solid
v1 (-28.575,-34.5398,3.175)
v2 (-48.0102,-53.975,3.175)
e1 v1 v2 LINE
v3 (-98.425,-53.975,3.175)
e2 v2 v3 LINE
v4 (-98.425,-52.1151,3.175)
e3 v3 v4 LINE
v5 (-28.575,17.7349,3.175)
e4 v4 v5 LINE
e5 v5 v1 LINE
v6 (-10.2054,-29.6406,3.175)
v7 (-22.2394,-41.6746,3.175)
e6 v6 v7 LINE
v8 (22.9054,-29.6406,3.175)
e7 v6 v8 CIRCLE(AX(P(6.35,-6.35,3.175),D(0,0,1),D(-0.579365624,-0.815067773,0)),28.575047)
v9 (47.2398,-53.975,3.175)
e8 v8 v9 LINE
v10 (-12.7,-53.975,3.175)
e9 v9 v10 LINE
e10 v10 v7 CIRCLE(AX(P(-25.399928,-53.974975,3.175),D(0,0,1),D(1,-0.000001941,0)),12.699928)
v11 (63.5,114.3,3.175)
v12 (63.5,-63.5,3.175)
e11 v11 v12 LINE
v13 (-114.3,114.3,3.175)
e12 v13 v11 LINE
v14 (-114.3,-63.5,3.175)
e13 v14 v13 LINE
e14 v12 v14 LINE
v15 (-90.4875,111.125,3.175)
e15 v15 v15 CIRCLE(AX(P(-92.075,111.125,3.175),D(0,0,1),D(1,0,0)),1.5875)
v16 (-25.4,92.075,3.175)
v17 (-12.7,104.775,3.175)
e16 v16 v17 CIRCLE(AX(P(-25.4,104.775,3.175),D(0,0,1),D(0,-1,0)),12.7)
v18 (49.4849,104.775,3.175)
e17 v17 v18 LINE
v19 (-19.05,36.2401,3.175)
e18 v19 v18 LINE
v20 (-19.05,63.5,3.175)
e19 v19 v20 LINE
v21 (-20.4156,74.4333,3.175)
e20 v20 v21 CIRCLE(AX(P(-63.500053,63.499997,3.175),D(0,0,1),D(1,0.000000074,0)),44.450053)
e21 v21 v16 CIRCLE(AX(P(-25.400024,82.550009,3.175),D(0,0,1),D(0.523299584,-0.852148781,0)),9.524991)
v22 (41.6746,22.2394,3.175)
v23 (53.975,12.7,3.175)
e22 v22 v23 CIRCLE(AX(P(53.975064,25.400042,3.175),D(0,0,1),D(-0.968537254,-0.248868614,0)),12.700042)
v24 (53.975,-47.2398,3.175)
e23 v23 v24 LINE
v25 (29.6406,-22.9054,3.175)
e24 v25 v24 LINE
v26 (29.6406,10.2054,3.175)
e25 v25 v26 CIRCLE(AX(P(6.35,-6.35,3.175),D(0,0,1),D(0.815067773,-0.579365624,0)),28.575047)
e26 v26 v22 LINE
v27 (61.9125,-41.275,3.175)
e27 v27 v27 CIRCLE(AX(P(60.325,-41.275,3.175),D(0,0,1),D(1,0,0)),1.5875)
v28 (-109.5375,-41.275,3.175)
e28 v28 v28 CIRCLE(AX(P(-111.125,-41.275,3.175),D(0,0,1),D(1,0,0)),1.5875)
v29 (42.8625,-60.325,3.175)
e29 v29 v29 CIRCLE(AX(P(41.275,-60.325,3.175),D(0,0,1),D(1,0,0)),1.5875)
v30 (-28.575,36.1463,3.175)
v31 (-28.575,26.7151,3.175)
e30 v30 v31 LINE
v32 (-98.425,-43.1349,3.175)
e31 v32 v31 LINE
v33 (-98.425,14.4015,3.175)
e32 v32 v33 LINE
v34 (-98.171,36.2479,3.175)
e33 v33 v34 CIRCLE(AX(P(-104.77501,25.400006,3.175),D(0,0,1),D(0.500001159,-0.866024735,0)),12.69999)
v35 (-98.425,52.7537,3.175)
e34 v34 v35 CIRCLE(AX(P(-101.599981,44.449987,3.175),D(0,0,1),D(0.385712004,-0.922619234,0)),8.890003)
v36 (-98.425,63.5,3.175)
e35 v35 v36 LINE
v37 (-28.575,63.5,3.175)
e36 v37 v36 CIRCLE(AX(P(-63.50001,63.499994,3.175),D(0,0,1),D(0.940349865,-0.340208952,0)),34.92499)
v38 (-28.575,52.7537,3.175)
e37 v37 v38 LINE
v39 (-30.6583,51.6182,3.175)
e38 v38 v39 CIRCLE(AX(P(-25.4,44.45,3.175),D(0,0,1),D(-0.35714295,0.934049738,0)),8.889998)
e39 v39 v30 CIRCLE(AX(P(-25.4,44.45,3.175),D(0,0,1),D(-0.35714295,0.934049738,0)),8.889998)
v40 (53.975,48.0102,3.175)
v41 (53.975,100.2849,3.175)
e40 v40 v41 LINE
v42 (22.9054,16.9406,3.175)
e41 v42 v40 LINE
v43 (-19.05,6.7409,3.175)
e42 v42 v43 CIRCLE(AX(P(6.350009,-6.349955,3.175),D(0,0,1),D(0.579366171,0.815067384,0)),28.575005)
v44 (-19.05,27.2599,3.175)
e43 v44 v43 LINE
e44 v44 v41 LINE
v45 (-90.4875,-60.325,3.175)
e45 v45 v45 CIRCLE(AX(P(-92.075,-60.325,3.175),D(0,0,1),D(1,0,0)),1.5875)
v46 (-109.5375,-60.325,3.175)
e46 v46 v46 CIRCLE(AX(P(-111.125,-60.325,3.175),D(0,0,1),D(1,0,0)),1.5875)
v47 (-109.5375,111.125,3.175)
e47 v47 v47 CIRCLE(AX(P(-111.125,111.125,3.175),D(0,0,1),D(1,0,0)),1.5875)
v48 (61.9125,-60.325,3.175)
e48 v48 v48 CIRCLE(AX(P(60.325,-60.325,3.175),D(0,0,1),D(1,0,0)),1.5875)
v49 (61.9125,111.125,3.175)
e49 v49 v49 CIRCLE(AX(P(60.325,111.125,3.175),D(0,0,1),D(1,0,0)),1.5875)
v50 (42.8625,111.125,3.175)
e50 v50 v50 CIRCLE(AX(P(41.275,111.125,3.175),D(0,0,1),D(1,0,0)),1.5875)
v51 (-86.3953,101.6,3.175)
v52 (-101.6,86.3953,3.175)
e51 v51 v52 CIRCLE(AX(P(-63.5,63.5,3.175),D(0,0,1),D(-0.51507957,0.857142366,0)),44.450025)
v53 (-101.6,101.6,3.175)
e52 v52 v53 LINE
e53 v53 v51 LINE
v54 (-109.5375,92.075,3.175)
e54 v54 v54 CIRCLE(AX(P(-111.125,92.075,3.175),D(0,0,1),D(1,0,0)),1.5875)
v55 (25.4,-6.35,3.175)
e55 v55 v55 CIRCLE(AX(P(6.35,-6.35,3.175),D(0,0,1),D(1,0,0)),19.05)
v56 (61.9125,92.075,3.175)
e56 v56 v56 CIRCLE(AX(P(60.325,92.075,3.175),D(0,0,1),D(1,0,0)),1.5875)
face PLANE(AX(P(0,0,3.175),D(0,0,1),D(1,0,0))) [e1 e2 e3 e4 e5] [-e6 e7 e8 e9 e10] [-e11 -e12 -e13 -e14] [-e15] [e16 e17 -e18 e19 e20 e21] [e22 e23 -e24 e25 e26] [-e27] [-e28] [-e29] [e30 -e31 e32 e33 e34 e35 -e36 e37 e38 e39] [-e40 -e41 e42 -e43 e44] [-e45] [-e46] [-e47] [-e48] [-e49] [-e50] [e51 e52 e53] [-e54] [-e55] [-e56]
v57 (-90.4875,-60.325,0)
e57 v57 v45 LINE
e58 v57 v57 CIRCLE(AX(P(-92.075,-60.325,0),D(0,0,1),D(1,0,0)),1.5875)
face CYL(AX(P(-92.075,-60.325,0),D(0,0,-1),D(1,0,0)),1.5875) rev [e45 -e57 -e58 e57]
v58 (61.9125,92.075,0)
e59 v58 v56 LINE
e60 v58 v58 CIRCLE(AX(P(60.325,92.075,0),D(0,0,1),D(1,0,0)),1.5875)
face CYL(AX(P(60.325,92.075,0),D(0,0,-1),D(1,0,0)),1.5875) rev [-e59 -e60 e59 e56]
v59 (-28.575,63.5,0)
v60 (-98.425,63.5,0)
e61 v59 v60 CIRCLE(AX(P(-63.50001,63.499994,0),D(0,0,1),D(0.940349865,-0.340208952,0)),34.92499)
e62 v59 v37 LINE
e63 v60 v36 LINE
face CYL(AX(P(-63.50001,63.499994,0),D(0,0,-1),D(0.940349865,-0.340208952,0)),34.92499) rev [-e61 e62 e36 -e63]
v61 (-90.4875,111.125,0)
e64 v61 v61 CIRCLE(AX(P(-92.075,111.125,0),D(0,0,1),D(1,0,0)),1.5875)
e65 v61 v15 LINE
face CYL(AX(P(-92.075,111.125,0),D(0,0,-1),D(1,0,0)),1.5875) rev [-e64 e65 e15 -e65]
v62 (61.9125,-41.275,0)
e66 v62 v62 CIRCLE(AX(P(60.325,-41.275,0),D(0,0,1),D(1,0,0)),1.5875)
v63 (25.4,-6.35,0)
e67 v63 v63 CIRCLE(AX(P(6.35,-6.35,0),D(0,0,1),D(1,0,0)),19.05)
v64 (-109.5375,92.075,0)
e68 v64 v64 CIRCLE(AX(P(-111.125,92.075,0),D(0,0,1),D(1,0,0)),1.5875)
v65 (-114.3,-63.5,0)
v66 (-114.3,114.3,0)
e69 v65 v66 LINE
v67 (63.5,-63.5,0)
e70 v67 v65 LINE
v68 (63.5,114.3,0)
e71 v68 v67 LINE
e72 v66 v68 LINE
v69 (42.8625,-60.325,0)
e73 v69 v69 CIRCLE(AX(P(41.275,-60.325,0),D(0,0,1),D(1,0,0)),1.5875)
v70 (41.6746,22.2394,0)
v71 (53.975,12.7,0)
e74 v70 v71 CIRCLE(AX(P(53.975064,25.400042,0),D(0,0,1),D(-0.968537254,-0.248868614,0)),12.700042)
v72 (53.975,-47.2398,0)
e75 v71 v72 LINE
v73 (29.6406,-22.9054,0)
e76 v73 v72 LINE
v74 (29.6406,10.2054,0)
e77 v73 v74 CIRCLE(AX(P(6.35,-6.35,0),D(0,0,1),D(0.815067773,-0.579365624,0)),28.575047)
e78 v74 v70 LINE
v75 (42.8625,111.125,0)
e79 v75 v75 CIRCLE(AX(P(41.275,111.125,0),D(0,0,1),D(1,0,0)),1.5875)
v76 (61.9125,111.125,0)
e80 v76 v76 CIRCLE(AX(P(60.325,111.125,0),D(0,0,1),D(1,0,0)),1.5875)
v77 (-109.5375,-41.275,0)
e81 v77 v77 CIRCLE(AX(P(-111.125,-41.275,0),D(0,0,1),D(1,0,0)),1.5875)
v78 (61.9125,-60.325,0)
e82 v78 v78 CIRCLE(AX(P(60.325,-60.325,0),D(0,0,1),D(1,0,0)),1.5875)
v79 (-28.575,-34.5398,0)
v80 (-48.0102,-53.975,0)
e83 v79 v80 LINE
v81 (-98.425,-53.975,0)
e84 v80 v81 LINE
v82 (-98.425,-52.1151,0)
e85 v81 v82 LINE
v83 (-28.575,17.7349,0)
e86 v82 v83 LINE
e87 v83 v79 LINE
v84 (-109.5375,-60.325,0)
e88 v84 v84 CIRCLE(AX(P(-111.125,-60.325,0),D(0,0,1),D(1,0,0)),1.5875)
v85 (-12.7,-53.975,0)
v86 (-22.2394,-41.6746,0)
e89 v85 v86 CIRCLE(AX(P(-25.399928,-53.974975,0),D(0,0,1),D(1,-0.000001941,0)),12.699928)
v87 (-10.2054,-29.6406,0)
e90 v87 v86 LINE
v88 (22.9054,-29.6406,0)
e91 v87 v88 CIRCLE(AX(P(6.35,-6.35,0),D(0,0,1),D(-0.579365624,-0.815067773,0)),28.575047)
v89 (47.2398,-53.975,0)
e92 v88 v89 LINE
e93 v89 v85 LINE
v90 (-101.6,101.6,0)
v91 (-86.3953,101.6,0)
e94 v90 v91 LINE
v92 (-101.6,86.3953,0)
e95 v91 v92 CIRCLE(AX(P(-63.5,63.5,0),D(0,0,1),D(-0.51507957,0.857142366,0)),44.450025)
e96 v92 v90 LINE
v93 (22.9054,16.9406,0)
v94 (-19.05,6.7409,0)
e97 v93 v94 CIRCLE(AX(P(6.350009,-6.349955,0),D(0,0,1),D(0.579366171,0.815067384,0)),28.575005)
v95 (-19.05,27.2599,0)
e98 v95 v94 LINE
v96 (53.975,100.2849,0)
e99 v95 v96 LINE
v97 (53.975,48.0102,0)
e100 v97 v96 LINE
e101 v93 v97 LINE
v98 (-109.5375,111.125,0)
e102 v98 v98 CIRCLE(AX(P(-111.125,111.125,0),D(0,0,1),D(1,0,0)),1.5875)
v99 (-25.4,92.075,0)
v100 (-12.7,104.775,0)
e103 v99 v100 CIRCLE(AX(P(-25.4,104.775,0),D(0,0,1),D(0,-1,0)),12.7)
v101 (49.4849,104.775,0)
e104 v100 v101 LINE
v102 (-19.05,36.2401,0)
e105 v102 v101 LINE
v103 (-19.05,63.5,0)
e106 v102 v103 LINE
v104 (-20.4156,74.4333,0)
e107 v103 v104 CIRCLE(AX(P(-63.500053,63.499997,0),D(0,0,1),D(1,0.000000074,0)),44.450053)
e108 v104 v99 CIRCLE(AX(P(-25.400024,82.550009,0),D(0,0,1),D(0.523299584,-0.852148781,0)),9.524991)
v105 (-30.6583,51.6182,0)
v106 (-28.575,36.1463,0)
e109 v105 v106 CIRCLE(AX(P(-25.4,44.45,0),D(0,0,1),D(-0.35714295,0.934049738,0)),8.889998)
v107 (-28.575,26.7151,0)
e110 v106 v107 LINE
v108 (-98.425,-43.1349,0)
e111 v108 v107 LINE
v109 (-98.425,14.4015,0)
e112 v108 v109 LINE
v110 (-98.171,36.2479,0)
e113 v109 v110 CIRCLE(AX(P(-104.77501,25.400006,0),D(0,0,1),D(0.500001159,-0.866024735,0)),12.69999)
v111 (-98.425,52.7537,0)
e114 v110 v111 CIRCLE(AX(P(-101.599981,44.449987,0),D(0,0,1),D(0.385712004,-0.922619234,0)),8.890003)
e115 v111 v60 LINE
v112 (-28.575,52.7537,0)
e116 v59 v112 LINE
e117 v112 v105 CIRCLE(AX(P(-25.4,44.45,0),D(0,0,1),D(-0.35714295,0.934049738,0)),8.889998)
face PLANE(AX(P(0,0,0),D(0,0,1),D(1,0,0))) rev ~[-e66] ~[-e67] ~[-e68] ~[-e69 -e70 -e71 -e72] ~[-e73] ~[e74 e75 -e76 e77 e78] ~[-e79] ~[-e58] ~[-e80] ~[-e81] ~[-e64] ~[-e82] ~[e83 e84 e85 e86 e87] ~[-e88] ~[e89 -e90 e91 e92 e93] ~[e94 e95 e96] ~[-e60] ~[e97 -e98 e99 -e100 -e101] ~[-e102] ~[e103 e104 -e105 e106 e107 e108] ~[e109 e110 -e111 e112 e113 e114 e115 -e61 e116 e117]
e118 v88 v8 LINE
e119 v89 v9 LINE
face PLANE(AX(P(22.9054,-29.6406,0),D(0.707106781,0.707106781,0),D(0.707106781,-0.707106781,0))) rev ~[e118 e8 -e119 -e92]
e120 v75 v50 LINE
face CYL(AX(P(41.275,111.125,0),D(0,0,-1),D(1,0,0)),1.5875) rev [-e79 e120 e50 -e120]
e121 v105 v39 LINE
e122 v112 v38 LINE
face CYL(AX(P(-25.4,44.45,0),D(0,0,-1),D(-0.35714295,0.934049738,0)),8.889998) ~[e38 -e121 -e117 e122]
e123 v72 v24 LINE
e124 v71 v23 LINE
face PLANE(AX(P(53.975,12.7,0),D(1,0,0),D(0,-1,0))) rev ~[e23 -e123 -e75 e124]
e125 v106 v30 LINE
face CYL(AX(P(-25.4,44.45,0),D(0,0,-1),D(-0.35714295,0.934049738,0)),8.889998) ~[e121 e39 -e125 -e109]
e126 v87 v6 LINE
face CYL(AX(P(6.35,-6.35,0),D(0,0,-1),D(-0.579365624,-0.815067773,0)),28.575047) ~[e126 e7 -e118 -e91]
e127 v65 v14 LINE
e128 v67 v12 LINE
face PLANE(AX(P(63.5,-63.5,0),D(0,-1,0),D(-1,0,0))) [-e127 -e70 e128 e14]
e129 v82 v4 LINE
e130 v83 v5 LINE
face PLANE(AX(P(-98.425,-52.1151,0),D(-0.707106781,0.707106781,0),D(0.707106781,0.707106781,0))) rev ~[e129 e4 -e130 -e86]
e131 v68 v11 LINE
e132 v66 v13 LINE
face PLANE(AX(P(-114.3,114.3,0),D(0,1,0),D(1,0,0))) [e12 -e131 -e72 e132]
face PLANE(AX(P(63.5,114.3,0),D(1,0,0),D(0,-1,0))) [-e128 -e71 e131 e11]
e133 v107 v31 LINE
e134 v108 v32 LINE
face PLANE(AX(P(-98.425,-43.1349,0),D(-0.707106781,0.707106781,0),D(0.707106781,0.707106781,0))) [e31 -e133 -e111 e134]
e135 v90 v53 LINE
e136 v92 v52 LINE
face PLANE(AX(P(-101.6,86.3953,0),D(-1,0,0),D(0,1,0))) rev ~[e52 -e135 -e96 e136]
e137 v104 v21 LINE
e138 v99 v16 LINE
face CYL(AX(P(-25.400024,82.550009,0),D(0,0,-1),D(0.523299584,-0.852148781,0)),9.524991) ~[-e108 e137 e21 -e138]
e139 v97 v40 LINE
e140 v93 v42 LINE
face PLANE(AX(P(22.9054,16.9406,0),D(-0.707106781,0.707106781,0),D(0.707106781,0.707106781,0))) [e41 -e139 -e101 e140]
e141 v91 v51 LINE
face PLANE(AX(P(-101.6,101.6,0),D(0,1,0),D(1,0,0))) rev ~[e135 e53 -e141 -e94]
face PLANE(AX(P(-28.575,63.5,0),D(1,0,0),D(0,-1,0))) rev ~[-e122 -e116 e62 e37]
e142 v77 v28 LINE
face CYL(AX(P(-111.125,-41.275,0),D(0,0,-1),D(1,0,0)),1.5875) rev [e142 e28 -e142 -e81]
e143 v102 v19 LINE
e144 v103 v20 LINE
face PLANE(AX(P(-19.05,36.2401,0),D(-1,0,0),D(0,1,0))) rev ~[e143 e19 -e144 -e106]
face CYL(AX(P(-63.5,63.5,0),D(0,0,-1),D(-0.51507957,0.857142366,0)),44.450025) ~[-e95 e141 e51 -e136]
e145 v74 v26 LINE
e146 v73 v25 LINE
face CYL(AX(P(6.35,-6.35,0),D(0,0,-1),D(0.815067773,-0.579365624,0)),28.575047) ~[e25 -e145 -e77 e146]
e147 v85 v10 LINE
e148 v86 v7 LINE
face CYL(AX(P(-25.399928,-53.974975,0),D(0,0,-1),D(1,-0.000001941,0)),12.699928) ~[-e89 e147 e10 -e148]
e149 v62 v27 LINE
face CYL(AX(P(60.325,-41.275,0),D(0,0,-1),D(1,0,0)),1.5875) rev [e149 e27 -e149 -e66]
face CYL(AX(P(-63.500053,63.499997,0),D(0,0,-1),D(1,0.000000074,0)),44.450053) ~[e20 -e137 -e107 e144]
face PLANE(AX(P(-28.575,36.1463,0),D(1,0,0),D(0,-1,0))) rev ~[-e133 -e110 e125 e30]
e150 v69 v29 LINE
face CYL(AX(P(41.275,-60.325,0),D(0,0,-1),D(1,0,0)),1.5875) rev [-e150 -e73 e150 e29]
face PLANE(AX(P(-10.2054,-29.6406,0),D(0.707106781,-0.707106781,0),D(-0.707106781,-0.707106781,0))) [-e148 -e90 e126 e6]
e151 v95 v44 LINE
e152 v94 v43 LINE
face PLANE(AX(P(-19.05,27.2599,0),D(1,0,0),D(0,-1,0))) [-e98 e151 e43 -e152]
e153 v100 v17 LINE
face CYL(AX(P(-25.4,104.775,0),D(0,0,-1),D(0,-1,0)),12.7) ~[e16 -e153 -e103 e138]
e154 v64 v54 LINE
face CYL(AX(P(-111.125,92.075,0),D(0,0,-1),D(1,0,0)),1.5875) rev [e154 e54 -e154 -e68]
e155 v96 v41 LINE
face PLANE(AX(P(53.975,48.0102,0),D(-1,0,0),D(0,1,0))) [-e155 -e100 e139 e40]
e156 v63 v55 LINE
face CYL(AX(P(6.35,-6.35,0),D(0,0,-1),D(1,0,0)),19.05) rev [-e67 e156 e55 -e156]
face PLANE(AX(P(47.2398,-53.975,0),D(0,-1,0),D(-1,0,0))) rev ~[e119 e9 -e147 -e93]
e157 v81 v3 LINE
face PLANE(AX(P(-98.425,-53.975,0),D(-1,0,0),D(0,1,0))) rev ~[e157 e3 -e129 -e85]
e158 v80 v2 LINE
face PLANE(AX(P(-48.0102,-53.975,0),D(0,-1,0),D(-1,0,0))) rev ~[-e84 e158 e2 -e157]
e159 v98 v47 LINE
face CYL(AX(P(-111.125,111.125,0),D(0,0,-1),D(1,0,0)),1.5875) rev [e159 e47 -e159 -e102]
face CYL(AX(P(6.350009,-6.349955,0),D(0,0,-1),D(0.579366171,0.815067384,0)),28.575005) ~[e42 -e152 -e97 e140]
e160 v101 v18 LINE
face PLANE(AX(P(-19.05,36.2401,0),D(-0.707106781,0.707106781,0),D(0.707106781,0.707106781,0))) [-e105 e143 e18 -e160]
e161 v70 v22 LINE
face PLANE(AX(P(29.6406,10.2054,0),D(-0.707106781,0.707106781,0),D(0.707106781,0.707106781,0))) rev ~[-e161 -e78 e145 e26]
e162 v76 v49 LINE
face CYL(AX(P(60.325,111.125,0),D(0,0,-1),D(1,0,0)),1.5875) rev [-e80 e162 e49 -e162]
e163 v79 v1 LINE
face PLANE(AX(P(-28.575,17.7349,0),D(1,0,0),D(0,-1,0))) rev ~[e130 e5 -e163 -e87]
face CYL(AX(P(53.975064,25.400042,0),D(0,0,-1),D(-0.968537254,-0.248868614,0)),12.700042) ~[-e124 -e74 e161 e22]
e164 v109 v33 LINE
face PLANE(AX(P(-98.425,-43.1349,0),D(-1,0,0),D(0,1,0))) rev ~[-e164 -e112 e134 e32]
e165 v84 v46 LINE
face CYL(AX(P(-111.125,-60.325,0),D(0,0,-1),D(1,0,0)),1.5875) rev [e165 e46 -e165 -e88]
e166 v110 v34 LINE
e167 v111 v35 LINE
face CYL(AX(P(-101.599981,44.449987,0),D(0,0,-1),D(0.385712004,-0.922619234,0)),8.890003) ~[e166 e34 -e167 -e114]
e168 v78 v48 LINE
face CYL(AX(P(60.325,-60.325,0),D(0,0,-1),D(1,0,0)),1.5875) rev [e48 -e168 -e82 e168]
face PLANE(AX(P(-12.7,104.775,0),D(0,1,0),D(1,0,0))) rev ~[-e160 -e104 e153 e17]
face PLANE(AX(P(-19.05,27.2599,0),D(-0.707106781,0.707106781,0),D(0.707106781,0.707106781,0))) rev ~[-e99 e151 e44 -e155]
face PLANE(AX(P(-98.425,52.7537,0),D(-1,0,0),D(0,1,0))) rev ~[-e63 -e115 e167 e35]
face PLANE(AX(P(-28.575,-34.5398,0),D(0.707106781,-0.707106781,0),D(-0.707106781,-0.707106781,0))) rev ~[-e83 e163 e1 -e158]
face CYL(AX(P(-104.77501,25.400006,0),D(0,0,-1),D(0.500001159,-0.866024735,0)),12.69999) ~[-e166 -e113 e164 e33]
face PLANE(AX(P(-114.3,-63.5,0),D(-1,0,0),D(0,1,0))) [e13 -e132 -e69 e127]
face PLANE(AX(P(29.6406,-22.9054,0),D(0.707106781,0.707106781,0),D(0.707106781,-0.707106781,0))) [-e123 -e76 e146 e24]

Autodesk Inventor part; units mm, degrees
ref_plane "YZ Plane" through (0, 0, 0) normal (1, 0, 0) x (0, 1, 0)
ref_plane "XZ Plane" through (0, 0, 0) normal (0, 1, 0) x (-1, 0, 0)
ref_plane "XY Plane" through (0, 0, 0) normal (0, 0, 1) x (1, 0, 0)
sketch "Sketch1" plane through (0, 0, 0) normal (0, 0, 1) x (1, 0, 0)
  line L0 (-114.3, 114.3) -> (63.5, 114.3)
  line L1 (63.5, 114.3) -> (63.5, -63.5)
  line L2 (63.5, -63.5) -> (-114.3, -63.5)
  line L3 (-114.3, -63.5) -> (-114.3, 114.3)
  circle A0 centre (6.35, -6.35) radius 19.05
  circle A1 centre (41.275, 111.125) radius 1.5875
  circle A2 centre (60.325, -41.275) radius 1.5875
  circle A3 centre (-92.075, -60.325) radius 1.5875
  circle A4 centre (-111.125, 92.075) radius 1.5875
  circle A5 centre (-111.125, 111.125) radius 1.5875
  circle A6 centre (-92.075, 111.125) radius 1.5875
  circle A7 centre (60.325, 92.075) radius 1.5875
  circle A8 centre (60.325, -60.325) radius 1.5875
  circle A9 centre (41.275, -60.325) radius 1.5875
  circle A10 centre (-111.125, -60.325) radius 1.5875
  circle A11 centre (-111.125, -41.275) radius 1.5875
  circle A12 centre (60.325, 111.125) radius 1.5875
  arc A13 (-92.7105, 44.3557) -> (-34.2895, 44.3557) centre (-63.5, 63.5) ccw construction
  line L4 (-98.425, 63.5) -> (-28.575, 63.5)
  line L5 (-28.575, 63.5) -> (-28.575, 52.7537)
  line L6 (-98.425, -53.975) -> (-98.425, -52.1151)
  line L7 (53.975, -53.975) -> (6.35, -6.35) construction
  line L8 (22.9054, -29.6406) -> (47.2398, -53.975)
  line L9 (47.2398, -53.975) -> (-12.7, -53.975)
  line L10 (6.35, -6.35) -> (40.026, 27.326) construction
  line L11 (29.6406, 10.2054) -> (41.6746, 22.2394)
  arc A14 (29.6406, -22.9054) -> (29.6406, 10.2054) centre (6.35, -6.35) ccw
  line L12 (29.6406, -22.9054) -> (53.975, -47.2398)
  line L13 (-19.05, 27.2599) -> (-19.05, 6.7409)
  arc A15 (22.9054, 16.9406) -> (-19.05, 6.7409) centre (6.35, -6.35) ccw
  line L14 (-101.6, 101.6) -> (-86.3953, 101.6)
  line L15 (-101.6, 86.3953) -> (-101.6, 101.6)
  arc A16 (-86.3953, 101.6) -> (-101.6, 86.3953) centre (-63.5, 63.5) ccw
  arc A17 (-19.05, 63.5) -> (-20.4156, 74.4333) centre (-63.5, 63.5) ccw
  line L16 (-19.05, 36.2401) -> (-19.05, 63.5)
  arc A18 (-20.4156, 74.4333) -> (-25.4, 92.075) centre (-25.4, 82.55) ccw
  arc A19 (-28.575, 52.7537) -> (-28.575, 36.1463) centre (-25.4, 44.45) ccw
  line L17 (-28.575, 36.1463) -> (-28.575, 26.7151)
  line L18 (-98.425, 52.7537) -> (-98.425, 63.5)
  arc A20 (-30.6583, 51.6182) -> (-98.425, 63.5) centre (-63.5, 63.5) ccw
  line L19 (6.35, -6.35) -> (-25.0809, -37.7809) construction
  line L20 (-10.2054, -29.6406) -> (-22.2394, -41.6746)
  arc A21 (-10.2054, -29.6406) -> (22.9054, -29.6406) centre (6.35, -6.35) ccw
  line L21 (-28.575, -34.5398) -> (-48.0102, -53.975)
  line L22 (-48.0102, -53.975) -> (-98.425, -53.975)
  line L23 (-25.0809, -37.7809) -> (-43.0414, -55.7414) construction
  line L24 (40.026, 27.326) -> (57.9865, 45.2865)
  line L25 (57.9865, 45.2865) -> (53.975, 41.275)
  arc A22 (-12.7, -53.975) -> (-22.2394, -41.6746) centre (-25.4, -53.975) ccw
  arc A23 (41.6746, 22.2394) -> (53.975, 12.7) centre (53.975, 25.4) ccw
  line L26 (53.975, 12.7) -> (53.975, -47.2398)
  arc A24 (-98.425, 14.4015) -> (-98.171, 36.2479) centre (-104.775, 25.4) ccw
  arc A25 (-98.171, 36.2479) -> (-98.425, 52.7537) centre (-101.6, 44.45) ccw
  line L27 (53.975, 48.0102) -> (53.975, 100.2849)
  line L28 (-12.7, 104.775) -> (49.4849, 104.775)
  arc A26 (-98.425, 63.5) -> (-96.3417, 51.6182) centre (-63.5, 63.5) ccw construction
  arc A27 (-25.4, 92.075) -> (-12.7, 104.775) centre (-25.4, 104.775) ccw
  line L29 (-114.3, -63.5) -> (63.5, 114.3) construction
  line L30 (-98.425, -43.1349) -> (-28.575, 26.7151)
  line L31 (-98.425, -52.1151) -> (-28.575, 17.7349)
  line L32 (22.9054, 16.9406) -> (53.975, 48.0102)
  line L33 (-19.05, 36.2401) -> (49.4849, 104.775)
  line L34 (-19.05, 27.2599) -> (53.975, 100.2849)
  line L35 (-28.575, 17.7349) -> (-28.575, -34.5398)
  line L36 (-28.575, 26.7151) -> (-28.575, 17.7349) construction
  line L37 (49.4849, 104.775) -> (53.975, 104.775) construction
  line L38 (53.975, 100.2849) -> (53.975, 104.775) construction
  line L39 (-98.425, -52.1151) -> (-98.425, -43.1349) construction
  line L40 (-98.425, -43.1349) -> (-98.425, 14.4015)
  line L41 (-25.4, -53.975) -> (-104.775, 25.4) construction
  point P0 (0, 0)
  point P1 (-101.6, 82.55)
  dimension "d0" = 114.3
  dimension "d1" = 177.8
  dimension "d2" = 177.8
  dimension "d3" = 114.3
  dimension "d4" = 38.1
  dimension "d5" = 57.15
  dimension "d6" = 57.15
  dimension "d10" = 3.175
  dimension "d11" = 3.175
  dimension "d12" = 3.175
  dimension "d15" = 3.175
  dimension "d16" = 22.225
  dimension "d17" = 22.225
  dimension "d18" = 3.175
  dimension "d19" = 3.175
  dimension "d20" = 22.225
  dimension "d23" = 3.175
  dimension "d24" = 3.175
  dimension "d25" = 22.225
  dimension "d26" = 3.175
  dimension "d27" = 3.175
  dimension "d28" = 3.175
  dimension "d29" = 3.175
  dimension "d30" = 22.225
  dimension "d34" = 3.175
  dimension "d35" = 3.175
  dimension "d36" = 3.175
  dimension "d37" = 3.175
  dimension "d38" = 22.225
  dimension "d39" = 3.175
  dimension "d40" = 3.175
  dimension "d41" = 3.175
  dimension "d42" = 3.175
  dimension "d43" = 3.175
  dimension "d44" = 3.175
  dimension "d45" = 3.175
  dimension "d46" = 22.225
  dimension "d47" = 3.175
  dimension "d48" = 3.175
  dimension "d49" = 3.175
  dimension "d50" = 3.175
  dimension "d51" = 22.225
  dimension "d52" = 3.175
  dimension "d55" = 69.85
  dimension "d56" = 50.8
  dimension "d57" = 50.8
  dimension "d93" = 69.85
  dimension "d94" = 15.875
  dimension "d97" = 38.1
  dimension "d98" = 38.1
  dimension "d99" = 38.1
  dimension "d100" = 38.1
  dimension "d101" = 19.05
  dimension "d102" = 19.05
  dimension "d103" = 19.05
  dimension "d104" = 19.05
  dimension "d212" = 9.525
  dimension "d216" = 4.7625
  dimension "d218" = 45
  dimension "d222" = 6.7352
  dimension "d226" = 28.575
  dimension "d227" = 4.7625
  dimension "d228" = 4.7625
  dimension "d232" = 9.525
extrude "Extrusion12" [suppressed]
extrude "Extrusion13" [suppressed]
hole "Hole9" [suppressed]
extrude "Extrusion14" [suppressed]
fillet "Fillet2" [suppressed]
fillet "Fillet3" [suppressed]
extrude "Extrusion15" [suppressed]
fillet "Fillet4" [suppressed]
hole "Hole10" [suppressed]
hole "Hole11" [suppressed]
hole "Hole12" [suppressed]
chamfer "Chamfer1" [suppressed]
chamfer "Chamfer2" [suppressed]
extrude "Extrusion16" [suppressed]
fillet "Fillet6" [suppressed]
extrude "Extrusion17" add sketch "Sketch1" along normal blind 3.175
properties part number "upper gearbox bottom plate"
